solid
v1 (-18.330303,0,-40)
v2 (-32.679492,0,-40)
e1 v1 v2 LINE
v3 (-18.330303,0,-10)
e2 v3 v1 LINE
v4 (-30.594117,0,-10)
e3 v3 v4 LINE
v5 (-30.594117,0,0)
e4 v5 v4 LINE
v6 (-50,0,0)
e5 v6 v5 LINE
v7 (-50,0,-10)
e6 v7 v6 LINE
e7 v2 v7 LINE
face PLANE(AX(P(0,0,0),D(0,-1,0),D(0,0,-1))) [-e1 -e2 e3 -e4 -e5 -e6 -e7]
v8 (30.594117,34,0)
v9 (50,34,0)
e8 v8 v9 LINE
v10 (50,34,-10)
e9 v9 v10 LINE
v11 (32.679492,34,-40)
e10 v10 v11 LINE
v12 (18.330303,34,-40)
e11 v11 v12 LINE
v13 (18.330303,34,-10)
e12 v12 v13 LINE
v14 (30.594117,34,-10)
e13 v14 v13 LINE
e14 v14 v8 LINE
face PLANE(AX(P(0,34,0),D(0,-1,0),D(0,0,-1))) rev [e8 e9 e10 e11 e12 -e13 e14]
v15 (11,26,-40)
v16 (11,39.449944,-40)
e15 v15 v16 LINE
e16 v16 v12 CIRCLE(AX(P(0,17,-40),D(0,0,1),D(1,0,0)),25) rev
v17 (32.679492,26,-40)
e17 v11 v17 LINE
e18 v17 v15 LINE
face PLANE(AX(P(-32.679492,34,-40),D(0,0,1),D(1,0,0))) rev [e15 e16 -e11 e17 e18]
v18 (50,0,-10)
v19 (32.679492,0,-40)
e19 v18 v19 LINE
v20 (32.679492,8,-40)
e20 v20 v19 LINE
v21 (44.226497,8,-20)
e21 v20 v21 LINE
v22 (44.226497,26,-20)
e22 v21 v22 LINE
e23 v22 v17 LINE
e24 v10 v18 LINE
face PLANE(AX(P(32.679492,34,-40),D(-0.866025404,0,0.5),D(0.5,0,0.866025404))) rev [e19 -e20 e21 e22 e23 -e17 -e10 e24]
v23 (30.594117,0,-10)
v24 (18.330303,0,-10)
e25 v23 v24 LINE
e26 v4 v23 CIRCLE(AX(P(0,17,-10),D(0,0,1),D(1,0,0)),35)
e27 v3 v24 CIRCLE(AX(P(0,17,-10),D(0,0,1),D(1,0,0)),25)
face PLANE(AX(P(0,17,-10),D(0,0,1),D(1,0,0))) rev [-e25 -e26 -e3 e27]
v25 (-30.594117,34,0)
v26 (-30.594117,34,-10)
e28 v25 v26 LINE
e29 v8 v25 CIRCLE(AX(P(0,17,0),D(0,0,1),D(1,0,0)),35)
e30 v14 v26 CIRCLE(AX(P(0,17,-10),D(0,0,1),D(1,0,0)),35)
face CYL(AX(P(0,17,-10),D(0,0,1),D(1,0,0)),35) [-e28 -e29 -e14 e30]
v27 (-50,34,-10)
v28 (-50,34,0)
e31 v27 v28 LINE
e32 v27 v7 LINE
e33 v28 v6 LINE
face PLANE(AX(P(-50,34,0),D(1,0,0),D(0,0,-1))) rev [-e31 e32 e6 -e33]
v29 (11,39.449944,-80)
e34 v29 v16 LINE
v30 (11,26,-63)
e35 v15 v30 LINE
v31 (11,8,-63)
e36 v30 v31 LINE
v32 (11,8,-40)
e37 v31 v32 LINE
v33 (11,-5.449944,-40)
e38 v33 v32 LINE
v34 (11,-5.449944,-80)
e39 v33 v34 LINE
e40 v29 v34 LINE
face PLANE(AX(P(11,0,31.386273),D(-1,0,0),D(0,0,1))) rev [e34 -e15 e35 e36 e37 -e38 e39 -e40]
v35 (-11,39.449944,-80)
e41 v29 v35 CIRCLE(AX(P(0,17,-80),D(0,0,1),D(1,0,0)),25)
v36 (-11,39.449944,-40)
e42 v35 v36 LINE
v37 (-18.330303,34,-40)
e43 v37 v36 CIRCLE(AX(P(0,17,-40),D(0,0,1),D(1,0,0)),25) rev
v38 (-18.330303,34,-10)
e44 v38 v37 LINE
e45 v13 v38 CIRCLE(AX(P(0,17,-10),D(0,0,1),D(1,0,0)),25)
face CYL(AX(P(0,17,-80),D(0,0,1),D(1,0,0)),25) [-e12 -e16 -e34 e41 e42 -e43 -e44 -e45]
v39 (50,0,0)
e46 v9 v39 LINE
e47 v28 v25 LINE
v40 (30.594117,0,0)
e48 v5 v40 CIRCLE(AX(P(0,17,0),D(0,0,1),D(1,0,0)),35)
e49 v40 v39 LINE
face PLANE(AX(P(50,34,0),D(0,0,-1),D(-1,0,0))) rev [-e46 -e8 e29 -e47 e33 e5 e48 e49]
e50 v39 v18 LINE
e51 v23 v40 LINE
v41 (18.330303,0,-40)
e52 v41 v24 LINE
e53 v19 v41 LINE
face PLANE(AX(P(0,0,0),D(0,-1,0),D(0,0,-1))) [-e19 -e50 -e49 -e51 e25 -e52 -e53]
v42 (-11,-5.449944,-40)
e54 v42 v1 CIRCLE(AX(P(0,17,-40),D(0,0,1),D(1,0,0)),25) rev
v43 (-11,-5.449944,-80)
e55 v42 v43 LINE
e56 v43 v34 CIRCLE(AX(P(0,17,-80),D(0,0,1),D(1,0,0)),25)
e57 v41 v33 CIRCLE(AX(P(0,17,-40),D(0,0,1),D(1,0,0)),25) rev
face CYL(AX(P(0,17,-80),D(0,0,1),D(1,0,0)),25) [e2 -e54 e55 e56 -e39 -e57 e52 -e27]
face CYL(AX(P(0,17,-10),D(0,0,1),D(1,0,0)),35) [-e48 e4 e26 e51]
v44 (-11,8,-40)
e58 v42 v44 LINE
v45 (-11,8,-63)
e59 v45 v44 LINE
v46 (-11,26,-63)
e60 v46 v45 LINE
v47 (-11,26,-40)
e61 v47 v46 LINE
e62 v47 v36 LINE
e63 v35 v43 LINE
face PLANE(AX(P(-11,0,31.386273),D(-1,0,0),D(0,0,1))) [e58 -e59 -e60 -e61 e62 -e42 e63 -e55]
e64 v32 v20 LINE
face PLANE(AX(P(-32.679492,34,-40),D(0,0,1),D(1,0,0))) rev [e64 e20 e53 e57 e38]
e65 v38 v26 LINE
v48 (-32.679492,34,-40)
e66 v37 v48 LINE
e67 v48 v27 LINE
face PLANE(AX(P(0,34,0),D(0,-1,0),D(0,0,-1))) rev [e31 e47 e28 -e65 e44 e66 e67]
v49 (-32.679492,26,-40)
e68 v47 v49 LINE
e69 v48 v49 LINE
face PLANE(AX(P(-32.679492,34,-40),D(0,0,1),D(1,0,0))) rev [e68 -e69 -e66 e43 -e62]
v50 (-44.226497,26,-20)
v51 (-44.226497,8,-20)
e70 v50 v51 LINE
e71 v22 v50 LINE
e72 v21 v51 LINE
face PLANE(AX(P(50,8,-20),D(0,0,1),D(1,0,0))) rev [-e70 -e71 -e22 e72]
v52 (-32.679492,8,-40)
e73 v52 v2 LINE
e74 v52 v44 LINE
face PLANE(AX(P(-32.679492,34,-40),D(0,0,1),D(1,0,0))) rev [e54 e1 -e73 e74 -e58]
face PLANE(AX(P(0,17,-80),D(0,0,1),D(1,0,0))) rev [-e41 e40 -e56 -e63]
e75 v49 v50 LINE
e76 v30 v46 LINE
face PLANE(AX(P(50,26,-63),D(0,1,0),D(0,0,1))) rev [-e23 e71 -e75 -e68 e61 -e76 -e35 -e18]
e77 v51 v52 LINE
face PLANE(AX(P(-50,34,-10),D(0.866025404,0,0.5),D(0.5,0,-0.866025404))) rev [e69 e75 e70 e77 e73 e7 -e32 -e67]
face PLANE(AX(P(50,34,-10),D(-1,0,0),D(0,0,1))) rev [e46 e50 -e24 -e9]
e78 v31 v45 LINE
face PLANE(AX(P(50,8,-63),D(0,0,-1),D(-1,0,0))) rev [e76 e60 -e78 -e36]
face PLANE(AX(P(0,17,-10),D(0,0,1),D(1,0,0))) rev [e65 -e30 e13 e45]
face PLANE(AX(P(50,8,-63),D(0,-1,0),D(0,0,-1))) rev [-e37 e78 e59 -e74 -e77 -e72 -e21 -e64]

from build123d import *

# Parameters (mm, degrees)
BOSS_EXTRUDE1_DEPTH     = 34
SKETCH2_R               = 35
BOSS_EXTRUDE2_DEPTH     = 10
SKETCH3_R               = 25
BOSS_EXTRUDE3_DEPTH     = 80
CUT_EXTRUDE2_START      = -40
CUT_EXTRUDE2_DEPTH      = 40
CUT_EXTRUDE5_DEPTH      = 114.247516529
CUT_EXTRUDE5_DEPTH_BACK = 114.247516529
SKETCH11_W              = 43
SKETCH11_H              = 18


with BuildPart() as part:
    # Sketch1 → Boss-Extrude1 (new body)
    with BuildSketch(Plane(origin=(0, 0, 0), x_dir=(1, 0, 0), z_dir=(0, 1, 0))):
        Polygon((50, 0), (-50, 0), (-50, 10), (-32.679491924, 40), (32.679491924, 40), (50, 10), align=None)
    extrude(amount=BOSS_EXTRUDE1_DEPTH)

    # Sketch2 → Boss-Extrude2 (add)
    with BuildSketch(Plane.XY):
        with Locations((0, 17)):
            Circle(SKETCH2_R)
    extrude(amount=-BOSS_EXTRUDE2_DEPTH)

    # Sketch3 → Boss-Extrude3 (add)
    with BuildSketch(Plane.XY):
        with Locations((0, 17)):
            Circle(SKETCH3_R)
    extrude(amount=-BOSS_EXTRUDE3_DEPTH)

    # Sketch5 → Cut-Extrude2 (cut)
    with BuildSketch(Plane(origin=(0, 0, -80), x_dir=(-1, 0, 0), z_dir=(0, 0, -1)).offset(CUT_EXTRUDE2_START)):
        with BuildLine():
            ThreePointArc((-25, 17.00000011), (-21.213203465, 3.771243492), (-11, -5.449944321))
            Line((-11, -5.449944321), (-11, 39.449944321))
            ThreePointArc((-11, 39.449944321), (-21.213203406, 30.228756602), (-25, 17.00000011))
        make_face()
        with BuildLine():
            ThreePointArc((-25, 17.00000011), (-21.213203406, 30.228756602), (-11, 39.449944321))
            Line((-11, 39.449944321), (-11, 52))
            Line((-11, 52), (-25, 52))
            Line((-25, 52), (-25, 17.00000011))
        make_face()
        with BuildLine():
            Line((-25, -18), (-11, -18))
            Line((-11, -18), (-11, -5.449944321))
            ThreePointArc((-11, -5.449944321), (-21.213203465, 3.771243492), (-25, 17.00000011))
            Line((-25, 17.00000011), (-25, -18))
        make_face()
        with BuildLine():
            ThreePointArc((25, 17), (21.213203436, 3.771243445), (11, -5.449944321))
            Line((11, -5.449944321), (11, -18))
            Line((11, -18), (25, -18))
            Line((25, -18), (25, 17))
        make_face()
        with BuildLine():
            Line((11, 39.449944321), (11, -5.449944321))
            ThreePointArc((11, -5.449944321), (21.213203436, 3.771243445), (25, 17))
            ThreePointArc((25, 17), (21.213203436, 30.228756555), (11, 39.449944321))
        make_face()
        with BuildLine():
            Line((11, 52), (11, 39.449944321))
            ThreePointArc((11, 39.449944321), (21.213203436, 30.228756555), (25, 17))
            Line((25, 17), (25, 52))
            Line((25, 52), (11, 52))
        make_face()
    extrude(amount=CUT_EXTRUDE2_DEPTH, mode=Mode.SUBTRACT)

    # Sketch11 → Cut-Extrude5 (cut, two sides: drawn at the far end of the back side and taken through both)
    with BuildSketch(Plane.ZY.offset(11).offset(-CUT_EXTRUDE5_DEPTH_BACK)):
        with Locations((-41.5, 17)):
            Rectangle(SKETCH11_W, SKETCH11_H)
    extrude(amount=CUT_EXTRUDE5_DEPTH + CUT_EXTRUDE5_DEPTH_BACK, mode=Mode.SUBTRACT)


solid = part.part
